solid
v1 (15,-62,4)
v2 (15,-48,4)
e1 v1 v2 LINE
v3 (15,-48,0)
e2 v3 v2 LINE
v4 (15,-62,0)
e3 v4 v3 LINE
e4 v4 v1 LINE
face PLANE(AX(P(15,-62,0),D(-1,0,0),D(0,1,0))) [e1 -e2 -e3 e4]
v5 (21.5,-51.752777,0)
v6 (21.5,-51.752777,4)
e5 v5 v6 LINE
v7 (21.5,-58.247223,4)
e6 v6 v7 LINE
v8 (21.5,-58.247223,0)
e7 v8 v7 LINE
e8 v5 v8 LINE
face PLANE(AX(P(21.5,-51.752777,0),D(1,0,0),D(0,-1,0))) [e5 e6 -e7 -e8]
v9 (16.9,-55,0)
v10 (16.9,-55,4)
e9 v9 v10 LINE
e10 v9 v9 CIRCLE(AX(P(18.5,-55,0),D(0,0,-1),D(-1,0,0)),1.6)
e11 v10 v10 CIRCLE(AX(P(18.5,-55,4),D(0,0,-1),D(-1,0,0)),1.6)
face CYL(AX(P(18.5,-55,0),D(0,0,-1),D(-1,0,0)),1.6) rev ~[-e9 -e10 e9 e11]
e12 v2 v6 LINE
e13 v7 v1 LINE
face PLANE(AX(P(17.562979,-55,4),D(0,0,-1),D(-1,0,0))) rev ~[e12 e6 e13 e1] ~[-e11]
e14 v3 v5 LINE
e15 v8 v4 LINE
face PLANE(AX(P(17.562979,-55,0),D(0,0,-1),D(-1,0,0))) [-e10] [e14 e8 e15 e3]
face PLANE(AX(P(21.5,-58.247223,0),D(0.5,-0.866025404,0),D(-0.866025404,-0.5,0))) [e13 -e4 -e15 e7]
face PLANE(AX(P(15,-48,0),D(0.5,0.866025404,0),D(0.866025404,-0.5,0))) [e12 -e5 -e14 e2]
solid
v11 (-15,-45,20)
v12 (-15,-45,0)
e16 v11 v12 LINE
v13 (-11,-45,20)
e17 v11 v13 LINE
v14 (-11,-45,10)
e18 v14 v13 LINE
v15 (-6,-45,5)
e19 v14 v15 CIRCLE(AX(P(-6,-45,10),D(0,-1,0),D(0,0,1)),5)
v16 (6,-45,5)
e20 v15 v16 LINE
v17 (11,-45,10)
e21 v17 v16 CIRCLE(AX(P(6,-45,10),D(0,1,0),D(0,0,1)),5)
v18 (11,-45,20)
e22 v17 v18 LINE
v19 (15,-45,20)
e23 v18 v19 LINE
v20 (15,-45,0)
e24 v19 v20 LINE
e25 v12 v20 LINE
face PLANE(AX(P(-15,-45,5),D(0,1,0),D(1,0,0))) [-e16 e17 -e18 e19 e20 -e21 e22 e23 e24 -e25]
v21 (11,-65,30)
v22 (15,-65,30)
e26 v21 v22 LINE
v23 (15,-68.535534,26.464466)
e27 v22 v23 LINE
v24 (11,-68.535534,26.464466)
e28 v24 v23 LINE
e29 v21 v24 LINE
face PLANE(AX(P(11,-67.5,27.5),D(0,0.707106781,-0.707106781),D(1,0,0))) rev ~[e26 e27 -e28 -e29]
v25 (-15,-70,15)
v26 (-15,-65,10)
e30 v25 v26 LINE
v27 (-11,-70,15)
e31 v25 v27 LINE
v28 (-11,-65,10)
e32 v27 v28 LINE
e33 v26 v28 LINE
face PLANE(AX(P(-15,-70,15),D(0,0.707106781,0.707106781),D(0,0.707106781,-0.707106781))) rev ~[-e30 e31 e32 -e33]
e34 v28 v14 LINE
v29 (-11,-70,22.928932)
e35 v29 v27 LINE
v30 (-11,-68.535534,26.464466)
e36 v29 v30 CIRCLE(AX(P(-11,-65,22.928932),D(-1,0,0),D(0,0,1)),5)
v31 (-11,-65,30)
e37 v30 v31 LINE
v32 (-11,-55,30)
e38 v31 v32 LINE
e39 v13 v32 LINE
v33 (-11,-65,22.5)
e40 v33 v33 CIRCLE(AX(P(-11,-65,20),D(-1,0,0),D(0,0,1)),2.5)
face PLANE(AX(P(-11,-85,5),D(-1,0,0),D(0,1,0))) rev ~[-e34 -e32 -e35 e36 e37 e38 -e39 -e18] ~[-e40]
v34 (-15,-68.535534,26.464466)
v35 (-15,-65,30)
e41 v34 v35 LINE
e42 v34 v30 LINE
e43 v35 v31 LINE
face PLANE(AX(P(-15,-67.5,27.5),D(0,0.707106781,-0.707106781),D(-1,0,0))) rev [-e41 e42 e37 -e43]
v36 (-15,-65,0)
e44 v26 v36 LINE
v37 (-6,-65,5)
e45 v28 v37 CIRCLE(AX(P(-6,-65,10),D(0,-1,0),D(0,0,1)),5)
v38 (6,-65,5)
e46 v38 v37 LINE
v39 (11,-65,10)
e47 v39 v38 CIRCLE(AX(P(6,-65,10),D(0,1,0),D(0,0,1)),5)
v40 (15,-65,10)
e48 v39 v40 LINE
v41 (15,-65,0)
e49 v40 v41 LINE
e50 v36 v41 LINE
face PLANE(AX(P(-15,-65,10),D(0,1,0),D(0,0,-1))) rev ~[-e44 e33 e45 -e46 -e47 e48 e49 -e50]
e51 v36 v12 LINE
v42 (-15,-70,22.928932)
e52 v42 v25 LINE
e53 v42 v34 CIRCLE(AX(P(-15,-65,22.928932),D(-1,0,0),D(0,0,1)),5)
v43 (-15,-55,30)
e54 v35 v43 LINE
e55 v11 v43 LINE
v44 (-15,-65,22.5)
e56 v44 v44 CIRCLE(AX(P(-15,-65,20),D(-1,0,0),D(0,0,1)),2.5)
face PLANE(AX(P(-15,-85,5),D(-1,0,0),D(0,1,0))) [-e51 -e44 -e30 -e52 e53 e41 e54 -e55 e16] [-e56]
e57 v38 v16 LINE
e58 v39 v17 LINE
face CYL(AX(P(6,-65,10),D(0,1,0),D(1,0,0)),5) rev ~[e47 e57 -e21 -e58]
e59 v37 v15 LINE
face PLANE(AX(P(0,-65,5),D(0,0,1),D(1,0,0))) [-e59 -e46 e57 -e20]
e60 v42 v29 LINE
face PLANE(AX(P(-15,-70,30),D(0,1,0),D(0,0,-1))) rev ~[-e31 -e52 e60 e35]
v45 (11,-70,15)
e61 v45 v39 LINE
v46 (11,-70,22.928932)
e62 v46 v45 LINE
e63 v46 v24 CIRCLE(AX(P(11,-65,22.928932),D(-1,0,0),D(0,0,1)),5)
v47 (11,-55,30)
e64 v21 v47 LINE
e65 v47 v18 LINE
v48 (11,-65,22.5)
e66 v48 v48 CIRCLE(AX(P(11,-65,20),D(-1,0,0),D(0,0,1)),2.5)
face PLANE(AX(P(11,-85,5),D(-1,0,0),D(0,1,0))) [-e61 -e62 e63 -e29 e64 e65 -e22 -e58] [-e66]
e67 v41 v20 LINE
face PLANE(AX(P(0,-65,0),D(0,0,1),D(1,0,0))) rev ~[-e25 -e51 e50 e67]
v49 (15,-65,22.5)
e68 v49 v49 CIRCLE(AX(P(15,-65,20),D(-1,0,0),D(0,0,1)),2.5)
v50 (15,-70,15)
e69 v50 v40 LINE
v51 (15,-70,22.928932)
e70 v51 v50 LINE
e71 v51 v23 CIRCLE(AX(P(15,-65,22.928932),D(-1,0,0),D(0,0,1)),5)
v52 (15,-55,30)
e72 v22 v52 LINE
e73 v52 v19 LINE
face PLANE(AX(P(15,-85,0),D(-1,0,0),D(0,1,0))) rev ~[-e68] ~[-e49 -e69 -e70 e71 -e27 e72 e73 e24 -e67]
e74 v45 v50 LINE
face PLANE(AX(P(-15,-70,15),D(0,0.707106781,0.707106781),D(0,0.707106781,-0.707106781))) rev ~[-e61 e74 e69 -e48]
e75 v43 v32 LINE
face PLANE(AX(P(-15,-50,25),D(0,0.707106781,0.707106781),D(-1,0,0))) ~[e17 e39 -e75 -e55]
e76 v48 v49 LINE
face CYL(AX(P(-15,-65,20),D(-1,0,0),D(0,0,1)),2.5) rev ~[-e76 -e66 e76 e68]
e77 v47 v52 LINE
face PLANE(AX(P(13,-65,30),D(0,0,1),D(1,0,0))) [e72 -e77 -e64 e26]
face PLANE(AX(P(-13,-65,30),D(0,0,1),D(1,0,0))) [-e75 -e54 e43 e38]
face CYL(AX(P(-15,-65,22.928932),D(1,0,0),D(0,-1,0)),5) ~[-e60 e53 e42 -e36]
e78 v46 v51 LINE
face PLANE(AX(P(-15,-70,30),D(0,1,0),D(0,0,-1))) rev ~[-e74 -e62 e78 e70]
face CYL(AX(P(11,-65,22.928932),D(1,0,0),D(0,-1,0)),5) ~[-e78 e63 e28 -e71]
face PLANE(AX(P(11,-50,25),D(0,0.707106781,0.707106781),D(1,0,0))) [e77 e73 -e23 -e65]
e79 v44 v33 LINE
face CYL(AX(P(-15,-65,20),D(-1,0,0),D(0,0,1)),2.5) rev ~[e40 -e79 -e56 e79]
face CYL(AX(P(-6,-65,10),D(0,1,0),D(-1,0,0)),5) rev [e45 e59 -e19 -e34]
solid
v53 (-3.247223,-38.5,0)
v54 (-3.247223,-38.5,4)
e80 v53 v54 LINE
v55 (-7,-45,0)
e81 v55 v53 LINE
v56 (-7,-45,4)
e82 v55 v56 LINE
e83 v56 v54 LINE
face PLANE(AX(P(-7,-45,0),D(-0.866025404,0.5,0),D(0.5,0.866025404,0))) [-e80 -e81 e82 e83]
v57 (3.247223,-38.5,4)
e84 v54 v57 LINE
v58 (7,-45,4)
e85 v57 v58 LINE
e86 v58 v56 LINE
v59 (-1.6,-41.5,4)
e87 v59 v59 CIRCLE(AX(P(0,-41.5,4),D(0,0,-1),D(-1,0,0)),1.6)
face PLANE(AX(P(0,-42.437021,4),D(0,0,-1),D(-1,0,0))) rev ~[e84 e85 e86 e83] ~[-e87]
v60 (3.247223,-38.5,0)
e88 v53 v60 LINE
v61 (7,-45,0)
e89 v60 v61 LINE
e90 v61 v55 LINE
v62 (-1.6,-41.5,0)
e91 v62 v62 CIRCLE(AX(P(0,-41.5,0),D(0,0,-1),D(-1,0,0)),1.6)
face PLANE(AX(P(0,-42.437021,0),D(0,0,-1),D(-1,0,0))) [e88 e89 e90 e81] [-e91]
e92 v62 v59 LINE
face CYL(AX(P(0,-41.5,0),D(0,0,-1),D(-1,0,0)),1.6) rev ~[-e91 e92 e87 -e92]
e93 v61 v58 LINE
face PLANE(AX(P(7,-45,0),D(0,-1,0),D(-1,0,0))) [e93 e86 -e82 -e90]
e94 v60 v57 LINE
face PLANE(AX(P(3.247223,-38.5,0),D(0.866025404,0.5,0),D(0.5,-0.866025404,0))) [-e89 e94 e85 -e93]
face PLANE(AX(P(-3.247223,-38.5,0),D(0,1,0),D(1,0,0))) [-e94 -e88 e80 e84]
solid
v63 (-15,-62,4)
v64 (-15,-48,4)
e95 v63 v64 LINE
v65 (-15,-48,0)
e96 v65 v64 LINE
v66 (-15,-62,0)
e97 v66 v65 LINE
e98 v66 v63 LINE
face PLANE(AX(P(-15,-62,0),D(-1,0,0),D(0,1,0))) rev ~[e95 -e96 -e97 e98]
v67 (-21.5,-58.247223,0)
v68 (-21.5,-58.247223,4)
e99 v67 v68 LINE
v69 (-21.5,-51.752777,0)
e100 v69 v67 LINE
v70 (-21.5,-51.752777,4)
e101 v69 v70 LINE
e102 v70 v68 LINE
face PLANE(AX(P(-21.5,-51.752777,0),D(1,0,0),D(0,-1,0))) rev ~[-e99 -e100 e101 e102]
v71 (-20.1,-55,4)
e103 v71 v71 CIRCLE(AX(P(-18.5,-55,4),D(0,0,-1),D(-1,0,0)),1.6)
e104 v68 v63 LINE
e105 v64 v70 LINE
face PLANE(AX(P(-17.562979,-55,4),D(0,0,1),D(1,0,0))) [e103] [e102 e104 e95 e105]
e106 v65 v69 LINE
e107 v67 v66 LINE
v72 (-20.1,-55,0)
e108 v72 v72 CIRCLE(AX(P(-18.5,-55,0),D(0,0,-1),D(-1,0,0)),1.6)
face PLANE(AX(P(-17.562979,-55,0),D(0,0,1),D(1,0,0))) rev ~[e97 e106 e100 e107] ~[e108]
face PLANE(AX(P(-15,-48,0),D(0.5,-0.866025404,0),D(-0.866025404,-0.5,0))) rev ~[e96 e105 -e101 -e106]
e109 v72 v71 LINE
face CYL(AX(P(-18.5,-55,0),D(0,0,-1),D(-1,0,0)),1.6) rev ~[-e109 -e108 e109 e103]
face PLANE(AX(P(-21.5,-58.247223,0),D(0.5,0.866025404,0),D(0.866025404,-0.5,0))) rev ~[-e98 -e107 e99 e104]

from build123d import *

# Parameters (mm, degrees)
SKETCH1_W             = 30
SKETCH1_H             = 40
BOSS_EXTRUDE1_DEPTH   = 5
SKETCH2_W             = 4
SKETCH2_H             = 40
BOSS_EXTRUDE2_DEPTH   = 25
CHAMFER1_SIZE         = 10
SKETCH3_R             = 2.5
CUT_EXTRUDE1_DEPTH    = 76
CUT_EXTRUDE2_DEPTH    = 76
CHAMFER2_SIZE         = 5
FILLET1_R             = 5
FILLET2_R             = 5
SKETCH5_R             = 1.6
BOSS_EXTRUDE3_DEPTH   = 4
BOSS_EXTRUDE3_2_DEPTH = 4
BOSS_EXTRUDE3_3_DEPTH = 4


with BuildPart() as part:
    # Sketch1 → Boss-Extrude1 (new body)
    with BuildSketch(Plane.XY):
        with Locations((0, -65)):
            Rectangle(SKETCH1_W, SKETCH1_H)
    extrude(amount=BOSS_EXTRUDE1_DEPTH)

    # Sketch2 → Boss-Extrude2 (add)
    with BuildSketch(Plane.XY.offset(5)):
        with Locations((-13, -65)):
            Rectangle(SKETCH2_W, SKETCH2_H)
        with Locations((13, -65)):
            Rectangle(SKETCH2_W, SKETCH2_H)
    extrude(amount=BOSS_EXTRUDE2_DEPTH)

    # Chamfer1
    chamfer1_edges = [part.edges().sort_by_distance(p)[0] for p in [
        (-13, -85, 30),
        (-13, -45, 30),
        (13, -45, 30),
        (13, -85, 30),
    ]]
    chamfer(chamfer1_edges, length=CHAMFER1_SIZE)

    # Sketch3 → Cut-Extrude1 (cut)
    with BuildSketch(Plane.ZY.offset(15)):
        with Locations((20, -65)):
            Circle(SKETCH3_R)
    extrude(amount=-CUT_EXTRUDE1_DEPTH, mode=Mode.SUBTRACT)

    # Sketch4 → Cut-Extrude2 (cut)
    with BuildSketch(Plane.ZY.offset(15)):
        Polygon((30, -70), (15, -70), (10, -65), (0, -65), (-4.906165795, -89.804855258), (31.217938956, -87.25505427), align=None)
    extrude(amount=-CUT_EXTRUDE2_DEPTH, mode=Mode.SUBTRACT)

    # Chamfer2
    chamfer2_edges = [part.edges().sort_by_distance(p)[0] for p in [
        (13, -70, 30),
        (-13, -70, 30),
    ]]
    chamfer(chamfer2_edges, length=CHAMFER2_SIZE)

    # Fillet1
    fillet1_edges = [part.edges().sort_by_distance(p)[0] for p in [
        (11, -55, 5),
        (-11, -55, 5),
    ]]
    fillet(fillet1_edges, radius=FILLET1_R)

    # Fillet2
    fillet2_edges = [part.edges().sort_by_distance(p)[0] for p in [
        (-13, -70, 25),
        (13, -70, 25),
    ]]
    fillet(fillet2_edges, radius=FILLET2_R)


with BuildPart() as body_2:
    # Sketch5 → Boss-Extrude3 (new body)
    with BuildSketch(Plane(origin=(0, 0, 0), x_dir=(-1, 0, 0), z_dir=(0, 0, -1))):
        Polygon((7, -45), (3.24722325, -38.5), (-3.24722325, -38.5), (-7, -45), align=None)
        with Locations((0, -41.5)):
            Circle(SKETCH5_R, mode=Mode.SUBTRACT)
    extrude(amount=-BOSS_EXTRUDE3_DEPTH)


with BuildPart() as body_3:
    # Sketch5 → Boss-Extrude3 2 (new body)
    with BuildSketch(Plane(origin=(0, 0, 0), x_dir=(-1, 0, 0), z_dir=(0, 0, -1))):
        Polygon((15, -48), (21.5, -51.75277675), (21.5, -58.24722325), (15, -62), align=None)
        with Locations((18.5, -55)):
            Circle(SKETCH5_R, mode=Mode.SUBTRACT)
    extrude(amount=-BOSS_EXTRUDE3_2_DEPTH)


with BuildPart() as body_4:
    # Sketch5 → Boss-Extrude3 3 (new body)
    with BuildSketch(Plane(origin=(0, 0, 0), x_dir=(-1, 0, 0), z_dir=(0, 0, -1))):
        Polygon((-15, -62), (-15, -48), (-21.5, -51.75277675), (-21.5, -58.24722325), align=None)
        with Locations((-18.5, -55)):
            Circle(SKETCH5_R, mode=Mode.SUBTRACT)
    extrude(amount=-BOSS_EXTRUDE3_3_DEPTH)


solid = Compound([part.part, body_2.part, body_3.part, body_4.part])
